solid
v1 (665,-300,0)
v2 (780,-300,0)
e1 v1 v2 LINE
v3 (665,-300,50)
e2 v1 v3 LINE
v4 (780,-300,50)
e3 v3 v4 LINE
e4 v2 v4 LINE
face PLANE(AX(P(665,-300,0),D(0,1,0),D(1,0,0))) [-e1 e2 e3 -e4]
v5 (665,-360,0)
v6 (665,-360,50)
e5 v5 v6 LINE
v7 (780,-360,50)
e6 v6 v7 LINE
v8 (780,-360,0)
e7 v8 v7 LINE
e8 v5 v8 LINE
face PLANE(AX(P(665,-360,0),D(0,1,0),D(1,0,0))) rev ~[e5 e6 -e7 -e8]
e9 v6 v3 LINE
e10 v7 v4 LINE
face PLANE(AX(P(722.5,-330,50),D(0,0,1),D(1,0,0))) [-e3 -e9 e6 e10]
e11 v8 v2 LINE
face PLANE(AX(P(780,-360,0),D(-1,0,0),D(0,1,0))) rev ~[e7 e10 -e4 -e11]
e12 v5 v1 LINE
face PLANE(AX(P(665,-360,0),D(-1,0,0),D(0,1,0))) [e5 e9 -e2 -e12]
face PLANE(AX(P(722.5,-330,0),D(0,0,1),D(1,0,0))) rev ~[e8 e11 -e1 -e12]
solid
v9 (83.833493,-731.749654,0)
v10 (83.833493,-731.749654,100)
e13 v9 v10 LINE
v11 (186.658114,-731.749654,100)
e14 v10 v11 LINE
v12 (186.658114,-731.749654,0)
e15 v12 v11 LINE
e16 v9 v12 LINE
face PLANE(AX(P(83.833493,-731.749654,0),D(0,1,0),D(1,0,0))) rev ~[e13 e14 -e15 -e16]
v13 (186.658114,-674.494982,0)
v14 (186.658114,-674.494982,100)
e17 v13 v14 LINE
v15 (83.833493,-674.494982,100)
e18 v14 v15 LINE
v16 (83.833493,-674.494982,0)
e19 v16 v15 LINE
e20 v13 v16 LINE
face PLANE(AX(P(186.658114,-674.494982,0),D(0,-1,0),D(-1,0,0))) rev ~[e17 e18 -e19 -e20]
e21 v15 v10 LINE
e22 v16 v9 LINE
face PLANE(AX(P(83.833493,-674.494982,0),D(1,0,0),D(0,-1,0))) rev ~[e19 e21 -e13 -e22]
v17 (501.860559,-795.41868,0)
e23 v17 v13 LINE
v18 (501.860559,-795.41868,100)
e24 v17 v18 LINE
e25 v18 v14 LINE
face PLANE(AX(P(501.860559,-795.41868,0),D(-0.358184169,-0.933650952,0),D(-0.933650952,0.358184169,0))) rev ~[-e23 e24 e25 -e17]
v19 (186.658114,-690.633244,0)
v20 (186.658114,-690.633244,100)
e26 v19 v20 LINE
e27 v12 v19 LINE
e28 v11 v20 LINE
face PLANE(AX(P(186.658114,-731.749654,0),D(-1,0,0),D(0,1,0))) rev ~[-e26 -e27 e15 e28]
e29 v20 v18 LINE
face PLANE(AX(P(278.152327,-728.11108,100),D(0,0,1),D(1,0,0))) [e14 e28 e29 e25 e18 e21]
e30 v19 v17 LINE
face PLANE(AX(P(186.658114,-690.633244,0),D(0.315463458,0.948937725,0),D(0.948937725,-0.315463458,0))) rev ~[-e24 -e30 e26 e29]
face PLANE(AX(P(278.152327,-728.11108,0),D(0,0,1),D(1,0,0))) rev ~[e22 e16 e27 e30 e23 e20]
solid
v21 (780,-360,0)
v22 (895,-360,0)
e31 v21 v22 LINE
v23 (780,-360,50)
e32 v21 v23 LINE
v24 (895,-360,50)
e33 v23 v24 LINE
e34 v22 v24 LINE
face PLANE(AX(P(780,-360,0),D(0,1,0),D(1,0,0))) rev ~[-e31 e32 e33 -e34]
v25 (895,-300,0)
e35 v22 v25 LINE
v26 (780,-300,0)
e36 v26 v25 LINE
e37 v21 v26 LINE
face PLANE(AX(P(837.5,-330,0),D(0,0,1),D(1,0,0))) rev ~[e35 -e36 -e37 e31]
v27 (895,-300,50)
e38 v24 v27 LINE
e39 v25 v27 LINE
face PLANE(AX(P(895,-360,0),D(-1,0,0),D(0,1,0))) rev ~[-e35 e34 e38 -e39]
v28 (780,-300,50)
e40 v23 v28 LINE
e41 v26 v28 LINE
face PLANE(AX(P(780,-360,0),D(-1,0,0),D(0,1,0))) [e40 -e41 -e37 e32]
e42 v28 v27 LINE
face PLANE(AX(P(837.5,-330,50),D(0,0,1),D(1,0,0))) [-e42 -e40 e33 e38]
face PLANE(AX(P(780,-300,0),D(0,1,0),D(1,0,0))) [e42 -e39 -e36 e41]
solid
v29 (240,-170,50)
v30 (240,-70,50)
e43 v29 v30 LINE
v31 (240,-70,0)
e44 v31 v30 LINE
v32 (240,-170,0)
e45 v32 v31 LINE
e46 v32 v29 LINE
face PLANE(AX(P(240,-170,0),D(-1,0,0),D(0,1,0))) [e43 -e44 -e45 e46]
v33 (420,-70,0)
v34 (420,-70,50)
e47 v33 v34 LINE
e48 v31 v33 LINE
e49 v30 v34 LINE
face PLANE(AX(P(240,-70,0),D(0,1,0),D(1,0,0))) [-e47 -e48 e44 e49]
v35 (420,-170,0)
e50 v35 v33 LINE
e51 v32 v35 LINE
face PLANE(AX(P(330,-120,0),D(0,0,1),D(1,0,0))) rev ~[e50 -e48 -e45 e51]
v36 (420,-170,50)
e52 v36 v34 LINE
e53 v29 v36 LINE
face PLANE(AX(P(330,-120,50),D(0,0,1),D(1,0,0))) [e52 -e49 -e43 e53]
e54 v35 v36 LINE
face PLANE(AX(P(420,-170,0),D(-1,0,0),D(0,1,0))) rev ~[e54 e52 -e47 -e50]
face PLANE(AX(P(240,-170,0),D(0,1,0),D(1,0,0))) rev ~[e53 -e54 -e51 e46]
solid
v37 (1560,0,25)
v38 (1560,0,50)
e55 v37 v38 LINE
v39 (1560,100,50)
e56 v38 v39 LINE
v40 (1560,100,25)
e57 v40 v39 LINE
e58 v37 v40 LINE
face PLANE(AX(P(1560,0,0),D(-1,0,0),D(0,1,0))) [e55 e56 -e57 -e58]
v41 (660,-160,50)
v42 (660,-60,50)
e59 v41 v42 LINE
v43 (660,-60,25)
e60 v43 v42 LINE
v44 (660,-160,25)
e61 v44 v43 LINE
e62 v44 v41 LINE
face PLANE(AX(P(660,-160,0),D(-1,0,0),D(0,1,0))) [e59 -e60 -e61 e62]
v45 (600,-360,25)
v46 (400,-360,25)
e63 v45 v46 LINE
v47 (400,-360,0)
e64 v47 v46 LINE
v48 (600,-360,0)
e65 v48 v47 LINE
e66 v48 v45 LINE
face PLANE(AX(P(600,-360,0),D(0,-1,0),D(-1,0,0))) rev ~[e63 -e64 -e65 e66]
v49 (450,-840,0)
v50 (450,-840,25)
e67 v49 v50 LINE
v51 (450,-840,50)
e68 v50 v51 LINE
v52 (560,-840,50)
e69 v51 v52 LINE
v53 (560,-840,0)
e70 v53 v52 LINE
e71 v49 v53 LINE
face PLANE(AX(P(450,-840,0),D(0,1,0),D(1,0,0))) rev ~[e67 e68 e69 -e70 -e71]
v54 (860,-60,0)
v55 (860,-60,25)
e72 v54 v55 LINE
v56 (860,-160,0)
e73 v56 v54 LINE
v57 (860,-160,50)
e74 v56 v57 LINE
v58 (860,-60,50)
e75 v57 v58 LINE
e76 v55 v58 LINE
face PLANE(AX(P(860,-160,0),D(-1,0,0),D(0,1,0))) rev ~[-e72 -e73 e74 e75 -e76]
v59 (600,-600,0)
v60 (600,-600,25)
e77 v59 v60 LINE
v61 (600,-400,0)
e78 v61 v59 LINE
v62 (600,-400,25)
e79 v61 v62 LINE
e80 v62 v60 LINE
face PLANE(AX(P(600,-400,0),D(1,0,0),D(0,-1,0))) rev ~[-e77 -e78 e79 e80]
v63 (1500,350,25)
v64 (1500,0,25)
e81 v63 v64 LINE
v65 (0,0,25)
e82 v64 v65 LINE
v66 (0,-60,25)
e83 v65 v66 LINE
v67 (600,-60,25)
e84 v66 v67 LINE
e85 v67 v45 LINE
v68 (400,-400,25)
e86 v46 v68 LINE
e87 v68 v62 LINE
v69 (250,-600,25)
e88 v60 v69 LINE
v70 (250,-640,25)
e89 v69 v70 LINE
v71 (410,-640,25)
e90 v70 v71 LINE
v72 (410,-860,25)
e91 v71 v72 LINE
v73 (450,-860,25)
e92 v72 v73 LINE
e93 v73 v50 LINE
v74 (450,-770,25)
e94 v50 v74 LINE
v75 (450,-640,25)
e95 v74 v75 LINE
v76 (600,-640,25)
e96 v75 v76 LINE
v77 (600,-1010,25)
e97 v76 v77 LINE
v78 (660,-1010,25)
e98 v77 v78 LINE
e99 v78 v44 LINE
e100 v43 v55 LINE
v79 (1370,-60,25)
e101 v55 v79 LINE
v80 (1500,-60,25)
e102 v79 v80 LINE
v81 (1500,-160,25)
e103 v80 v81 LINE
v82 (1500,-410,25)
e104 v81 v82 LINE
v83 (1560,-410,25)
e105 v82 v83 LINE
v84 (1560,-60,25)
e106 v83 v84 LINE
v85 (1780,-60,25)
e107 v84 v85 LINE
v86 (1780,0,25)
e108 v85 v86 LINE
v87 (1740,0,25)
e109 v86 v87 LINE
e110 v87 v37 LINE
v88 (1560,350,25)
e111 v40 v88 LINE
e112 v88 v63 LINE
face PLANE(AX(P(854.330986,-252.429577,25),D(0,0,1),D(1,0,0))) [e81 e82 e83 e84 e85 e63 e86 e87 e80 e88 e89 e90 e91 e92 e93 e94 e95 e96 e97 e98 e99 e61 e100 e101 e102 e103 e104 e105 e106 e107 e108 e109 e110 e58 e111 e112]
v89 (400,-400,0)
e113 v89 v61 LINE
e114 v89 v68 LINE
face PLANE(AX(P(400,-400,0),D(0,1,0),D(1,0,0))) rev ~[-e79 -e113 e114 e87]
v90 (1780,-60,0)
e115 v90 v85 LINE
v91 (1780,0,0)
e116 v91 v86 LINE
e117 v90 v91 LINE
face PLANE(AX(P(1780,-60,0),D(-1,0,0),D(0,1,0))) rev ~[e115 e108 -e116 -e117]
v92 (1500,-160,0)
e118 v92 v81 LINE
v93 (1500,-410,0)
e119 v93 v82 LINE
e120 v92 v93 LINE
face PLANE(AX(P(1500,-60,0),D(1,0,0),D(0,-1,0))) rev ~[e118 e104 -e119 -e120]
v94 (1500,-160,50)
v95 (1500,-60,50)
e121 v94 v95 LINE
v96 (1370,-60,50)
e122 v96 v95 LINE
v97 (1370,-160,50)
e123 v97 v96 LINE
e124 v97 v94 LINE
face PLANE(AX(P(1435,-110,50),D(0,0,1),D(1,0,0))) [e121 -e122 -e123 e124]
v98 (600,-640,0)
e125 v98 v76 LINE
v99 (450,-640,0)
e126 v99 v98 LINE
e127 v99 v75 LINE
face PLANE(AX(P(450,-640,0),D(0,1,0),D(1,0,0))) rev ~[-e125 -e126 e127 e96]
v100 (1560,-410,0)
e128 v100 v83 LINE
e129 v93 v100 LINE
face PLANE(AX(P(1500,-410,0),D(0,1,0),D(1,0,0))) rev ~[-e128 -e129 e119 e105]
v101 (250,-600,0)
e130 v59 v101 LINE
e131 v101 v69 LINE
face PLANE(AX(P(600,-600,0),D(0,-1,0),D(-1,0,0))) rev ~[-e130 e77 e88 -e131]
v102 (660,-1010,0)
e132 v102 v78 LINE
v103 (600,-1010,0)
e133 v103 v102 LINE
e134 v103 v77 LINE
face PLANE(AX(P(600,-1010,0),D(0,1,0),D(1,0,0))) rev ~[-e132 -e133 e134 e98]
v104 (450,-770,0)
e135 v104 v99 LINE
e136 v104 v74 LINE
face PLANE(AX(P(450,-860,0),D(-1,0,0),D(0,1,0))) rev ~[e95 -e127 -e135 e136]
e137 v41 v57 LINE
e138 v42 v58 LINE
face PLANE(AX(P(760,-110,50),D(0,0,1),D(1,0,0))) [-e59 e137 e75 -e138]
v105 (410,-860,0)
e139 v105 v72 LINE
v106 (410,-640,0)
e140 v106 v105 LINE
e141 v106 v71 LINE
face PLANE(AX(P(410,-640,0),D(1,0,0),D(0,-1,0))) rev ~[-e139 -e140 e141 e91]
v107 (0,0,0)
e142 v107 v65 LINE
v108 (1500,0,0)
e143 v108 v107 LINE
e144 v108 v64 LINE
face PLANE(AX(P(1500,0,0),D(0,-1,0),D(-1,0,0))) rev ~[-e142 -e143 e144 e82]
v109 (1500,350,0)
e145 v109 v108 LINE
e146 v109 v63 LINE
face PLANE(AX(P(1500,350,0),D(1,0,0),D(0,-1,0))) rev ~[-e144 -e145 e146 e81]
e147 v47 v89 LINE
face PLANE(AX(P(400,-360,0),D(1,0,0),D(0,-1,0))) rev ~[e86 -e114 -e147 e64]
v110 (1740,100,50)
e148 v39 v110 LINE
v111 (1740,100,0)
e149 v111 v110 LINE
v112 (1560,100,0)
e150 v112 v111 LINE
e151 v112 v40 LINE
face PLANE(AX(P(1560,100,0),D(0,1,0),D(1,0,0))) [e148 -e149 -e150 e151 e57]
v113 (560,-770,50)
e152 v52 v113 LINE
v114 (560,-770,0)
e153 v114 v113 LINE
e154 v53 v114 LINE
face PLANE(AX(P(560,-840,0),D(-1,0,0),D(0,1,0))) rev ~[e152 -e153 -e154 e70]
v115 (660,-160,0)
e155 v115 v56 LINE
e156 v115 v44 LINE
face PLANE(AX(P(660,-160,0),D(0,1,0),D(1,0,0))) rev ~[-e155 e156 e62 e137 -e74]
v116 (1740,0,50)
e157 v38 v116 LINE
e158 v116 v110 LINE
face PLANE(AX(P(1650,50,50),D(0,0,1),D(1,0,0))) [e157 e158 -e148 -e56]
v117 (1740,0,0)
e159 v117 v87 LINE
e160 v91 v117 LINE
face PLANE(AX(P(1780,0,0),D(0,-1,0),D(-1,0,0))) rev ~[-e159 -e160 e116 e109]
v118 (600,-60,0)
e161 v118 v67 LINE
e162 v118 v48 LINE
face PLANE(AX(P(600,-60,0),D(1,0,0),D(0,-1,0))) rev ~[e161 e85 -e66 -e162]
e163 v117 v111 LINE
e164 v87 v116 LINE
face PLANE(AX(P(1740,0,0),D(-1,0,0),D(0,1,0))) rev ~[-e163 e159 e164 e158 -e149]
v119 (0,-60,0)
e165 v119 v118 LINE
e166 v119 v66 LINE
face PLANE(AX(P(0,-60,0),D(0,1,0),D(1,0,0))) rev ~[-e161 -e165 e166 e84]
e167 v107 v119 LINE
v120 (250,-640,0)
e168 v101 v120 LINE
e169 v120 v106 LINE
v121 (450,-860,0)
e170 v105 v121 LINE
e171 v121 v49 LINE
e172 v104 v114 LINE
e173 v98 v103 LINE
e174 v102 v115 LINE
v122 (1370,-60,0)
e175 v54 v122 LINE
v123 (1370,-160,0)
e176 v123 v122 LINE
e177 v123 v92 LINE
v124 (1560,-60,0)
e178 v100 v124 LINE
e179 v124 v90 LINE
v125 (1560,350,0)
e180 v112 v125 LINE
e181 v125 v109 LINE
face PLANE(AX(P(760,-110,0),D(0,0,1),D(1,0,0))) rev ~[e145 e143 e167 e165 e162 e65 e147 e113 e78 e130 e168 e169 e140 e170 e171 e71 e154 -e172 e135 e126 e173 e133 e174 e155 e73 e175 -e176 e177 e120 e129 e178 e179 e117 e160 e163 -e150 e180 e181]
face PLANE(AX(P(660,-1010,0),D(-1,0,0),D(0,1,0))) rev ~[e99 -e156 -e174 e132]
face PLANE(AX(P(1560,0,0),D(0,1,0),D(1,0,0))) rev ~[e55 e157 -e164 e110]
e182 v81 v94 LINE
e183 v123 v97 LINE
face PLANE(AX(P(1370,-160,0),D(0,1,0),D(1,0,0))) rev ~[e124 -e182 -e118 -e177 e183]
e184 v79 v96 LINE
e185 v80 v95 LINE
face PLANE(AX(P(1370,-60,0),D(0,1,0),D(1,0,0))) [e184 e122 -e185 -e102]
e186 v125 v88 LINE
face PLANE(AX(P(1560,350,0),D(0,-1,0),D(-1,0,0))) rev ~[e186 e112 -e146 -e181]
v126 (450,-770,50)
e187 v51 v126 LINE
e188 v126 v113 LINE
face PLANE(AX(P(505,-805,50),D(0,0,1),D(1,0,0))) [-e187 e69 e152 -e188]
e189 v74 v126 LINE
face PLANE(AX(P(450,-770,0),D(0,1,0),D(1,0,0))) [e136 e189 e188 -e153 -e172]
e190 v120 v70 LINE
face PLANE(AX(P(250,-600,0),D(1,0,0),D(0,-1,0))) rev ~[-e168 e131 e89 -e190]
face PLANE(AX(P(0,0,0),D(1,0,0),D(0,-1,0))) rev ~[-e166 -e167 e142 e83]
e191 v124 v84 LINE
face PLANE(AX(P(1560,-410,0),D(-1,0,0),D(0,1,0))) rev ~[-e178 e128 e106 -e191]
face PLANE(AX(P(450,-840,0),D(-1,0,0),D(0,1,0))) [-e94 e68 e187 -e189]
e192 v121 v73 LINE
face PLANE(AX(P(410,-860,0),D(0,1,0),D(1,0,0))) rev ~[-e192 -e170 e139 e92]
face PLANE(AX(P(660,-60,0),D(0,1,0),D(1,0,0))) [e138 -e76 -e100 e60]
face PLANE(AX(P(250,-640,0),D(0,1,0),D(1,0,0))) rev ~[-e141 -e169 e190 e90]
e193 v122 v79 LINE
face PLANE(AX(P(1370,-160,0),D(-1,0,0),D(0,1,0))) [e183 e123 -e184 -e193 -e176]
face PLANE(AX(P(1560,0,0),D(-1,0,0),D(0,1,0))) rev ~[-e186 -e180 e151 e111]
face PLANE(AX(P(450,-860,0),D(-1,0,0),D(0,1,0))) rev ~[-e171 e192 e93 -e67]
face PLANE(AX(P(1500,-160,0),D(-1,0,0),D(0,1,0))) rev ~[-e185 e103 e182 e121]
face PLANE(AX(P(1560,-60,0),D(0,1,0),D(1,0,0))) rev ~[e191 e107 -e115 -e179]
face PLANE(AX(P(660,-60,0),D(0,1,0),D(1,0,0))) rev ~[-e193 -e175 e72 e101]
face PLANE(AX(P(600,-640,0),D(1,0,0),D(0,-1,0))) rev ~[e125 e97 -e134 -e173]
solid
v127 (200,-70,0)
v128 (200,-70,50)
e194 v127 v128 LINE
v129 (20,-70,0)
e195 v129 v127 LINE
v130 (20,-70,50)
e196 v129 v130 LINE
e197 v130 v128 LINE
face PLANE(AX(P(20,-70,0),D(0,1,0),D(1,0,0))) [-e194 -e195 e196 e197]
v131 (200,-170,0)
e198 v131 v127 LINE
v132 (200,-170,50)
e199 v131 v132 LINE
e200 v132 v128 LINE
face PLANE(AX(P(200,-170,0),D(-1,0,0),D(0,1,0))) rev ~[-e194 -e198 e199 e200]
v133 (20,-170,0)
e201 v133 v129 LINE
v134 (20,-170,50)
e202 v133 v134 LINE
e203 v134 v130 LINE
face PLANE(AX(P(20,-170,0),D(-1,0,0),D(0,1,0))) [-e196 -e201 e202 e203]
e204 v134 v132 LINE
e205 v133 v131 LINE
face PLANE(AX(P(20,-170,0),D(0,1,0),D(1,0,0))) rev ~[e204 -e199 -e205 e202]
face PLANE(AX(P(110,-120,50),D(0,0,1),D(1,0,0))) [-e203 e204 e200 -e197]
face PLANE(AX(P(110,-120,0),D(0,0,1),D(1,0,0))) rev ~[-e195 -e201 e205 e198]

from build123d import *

# Parameters (mm, degrees)
F1_DEPTH = 25
F2_W     = 180
F2_H     = 100
F2_W_2   = 200
F2_W_3   = 115
F2_H_2   = 60
F2_W_4   = 130
F2_W_5   = 110
F2_H_3   = 70
F3_DEPTH = 50
F4_DEPTH = 50
F6_DEPTH = 100


with BuildPart() as f1:
    # F0 (on Top) → F1 (new body)
    with BuildSketch(Plane.XY):
        Polygon((1500, 0), (0, 0), (0, -60), (600, -60), (600, -360), (400, -360), (400, -400), (600, -400), (600, -600), (250, -600), (250, -640), (410, -640), (410, -860), (450, -860), (450, -640), (600, -640), (600, -1010), (660, -1010), (660, -60), (1500, -60), (1500, -410), (1560, -410), (1560, -60), (1780, -60), (1780, 0), (1560, 0), (1560, 350), (1500, 350), align=None)
    extrude(amount=F1_DEPTH)

    # F2 (on Top) → F3 (join)
    with BuildSketch(Plane.XY):
        with Locations((110, -120)):
            Rectangle(F2_W, F2_H)
        with Locations((330, -120)):
            Rectangle(F2_W, F2_H)
        with Locations((760, -110)):
            Rectangle(F2_W_2, F2_H)
        with Locations((722.5, -330)):
            Rectangle(F2_W_3, F2_H_2)
        with Locations((1435, -110)):
            Rectangle(F2_W_4, F2_H)
        with Locations((1650, 50)):
            Rectangle(F2_W, F2_H)
        with Locations((505, -805)):
            Rectangle(F2_W_5, F2_H_3)
    extrude(amount=F3_DEPTH)


with BuildPart() as f4:
    # F2 (on Top) → F4 (new body)
    with BuildSketch(Plane.XY):
        with Locations((837.5, -330)):
            Rectangle(F2_W_3, F2_H_2)
    extrude(amount=F4_DEPTH)


with BuildPart() as f6:
    # F5 (on Top) → F6 (new body)
    with BuildSketch(Plane.XY):
        Polygon((186.658114, -674.494982), (83.833493, -674.494982), (83.833493, -731.749654), (186.658114, -731.749654), (186.658114, -690.633244), (501.860559, -795.41868), align=None)
    extrude(amount=F6_DEPTH)


solid = Compound([f1.part, f4.part, f6.part])
